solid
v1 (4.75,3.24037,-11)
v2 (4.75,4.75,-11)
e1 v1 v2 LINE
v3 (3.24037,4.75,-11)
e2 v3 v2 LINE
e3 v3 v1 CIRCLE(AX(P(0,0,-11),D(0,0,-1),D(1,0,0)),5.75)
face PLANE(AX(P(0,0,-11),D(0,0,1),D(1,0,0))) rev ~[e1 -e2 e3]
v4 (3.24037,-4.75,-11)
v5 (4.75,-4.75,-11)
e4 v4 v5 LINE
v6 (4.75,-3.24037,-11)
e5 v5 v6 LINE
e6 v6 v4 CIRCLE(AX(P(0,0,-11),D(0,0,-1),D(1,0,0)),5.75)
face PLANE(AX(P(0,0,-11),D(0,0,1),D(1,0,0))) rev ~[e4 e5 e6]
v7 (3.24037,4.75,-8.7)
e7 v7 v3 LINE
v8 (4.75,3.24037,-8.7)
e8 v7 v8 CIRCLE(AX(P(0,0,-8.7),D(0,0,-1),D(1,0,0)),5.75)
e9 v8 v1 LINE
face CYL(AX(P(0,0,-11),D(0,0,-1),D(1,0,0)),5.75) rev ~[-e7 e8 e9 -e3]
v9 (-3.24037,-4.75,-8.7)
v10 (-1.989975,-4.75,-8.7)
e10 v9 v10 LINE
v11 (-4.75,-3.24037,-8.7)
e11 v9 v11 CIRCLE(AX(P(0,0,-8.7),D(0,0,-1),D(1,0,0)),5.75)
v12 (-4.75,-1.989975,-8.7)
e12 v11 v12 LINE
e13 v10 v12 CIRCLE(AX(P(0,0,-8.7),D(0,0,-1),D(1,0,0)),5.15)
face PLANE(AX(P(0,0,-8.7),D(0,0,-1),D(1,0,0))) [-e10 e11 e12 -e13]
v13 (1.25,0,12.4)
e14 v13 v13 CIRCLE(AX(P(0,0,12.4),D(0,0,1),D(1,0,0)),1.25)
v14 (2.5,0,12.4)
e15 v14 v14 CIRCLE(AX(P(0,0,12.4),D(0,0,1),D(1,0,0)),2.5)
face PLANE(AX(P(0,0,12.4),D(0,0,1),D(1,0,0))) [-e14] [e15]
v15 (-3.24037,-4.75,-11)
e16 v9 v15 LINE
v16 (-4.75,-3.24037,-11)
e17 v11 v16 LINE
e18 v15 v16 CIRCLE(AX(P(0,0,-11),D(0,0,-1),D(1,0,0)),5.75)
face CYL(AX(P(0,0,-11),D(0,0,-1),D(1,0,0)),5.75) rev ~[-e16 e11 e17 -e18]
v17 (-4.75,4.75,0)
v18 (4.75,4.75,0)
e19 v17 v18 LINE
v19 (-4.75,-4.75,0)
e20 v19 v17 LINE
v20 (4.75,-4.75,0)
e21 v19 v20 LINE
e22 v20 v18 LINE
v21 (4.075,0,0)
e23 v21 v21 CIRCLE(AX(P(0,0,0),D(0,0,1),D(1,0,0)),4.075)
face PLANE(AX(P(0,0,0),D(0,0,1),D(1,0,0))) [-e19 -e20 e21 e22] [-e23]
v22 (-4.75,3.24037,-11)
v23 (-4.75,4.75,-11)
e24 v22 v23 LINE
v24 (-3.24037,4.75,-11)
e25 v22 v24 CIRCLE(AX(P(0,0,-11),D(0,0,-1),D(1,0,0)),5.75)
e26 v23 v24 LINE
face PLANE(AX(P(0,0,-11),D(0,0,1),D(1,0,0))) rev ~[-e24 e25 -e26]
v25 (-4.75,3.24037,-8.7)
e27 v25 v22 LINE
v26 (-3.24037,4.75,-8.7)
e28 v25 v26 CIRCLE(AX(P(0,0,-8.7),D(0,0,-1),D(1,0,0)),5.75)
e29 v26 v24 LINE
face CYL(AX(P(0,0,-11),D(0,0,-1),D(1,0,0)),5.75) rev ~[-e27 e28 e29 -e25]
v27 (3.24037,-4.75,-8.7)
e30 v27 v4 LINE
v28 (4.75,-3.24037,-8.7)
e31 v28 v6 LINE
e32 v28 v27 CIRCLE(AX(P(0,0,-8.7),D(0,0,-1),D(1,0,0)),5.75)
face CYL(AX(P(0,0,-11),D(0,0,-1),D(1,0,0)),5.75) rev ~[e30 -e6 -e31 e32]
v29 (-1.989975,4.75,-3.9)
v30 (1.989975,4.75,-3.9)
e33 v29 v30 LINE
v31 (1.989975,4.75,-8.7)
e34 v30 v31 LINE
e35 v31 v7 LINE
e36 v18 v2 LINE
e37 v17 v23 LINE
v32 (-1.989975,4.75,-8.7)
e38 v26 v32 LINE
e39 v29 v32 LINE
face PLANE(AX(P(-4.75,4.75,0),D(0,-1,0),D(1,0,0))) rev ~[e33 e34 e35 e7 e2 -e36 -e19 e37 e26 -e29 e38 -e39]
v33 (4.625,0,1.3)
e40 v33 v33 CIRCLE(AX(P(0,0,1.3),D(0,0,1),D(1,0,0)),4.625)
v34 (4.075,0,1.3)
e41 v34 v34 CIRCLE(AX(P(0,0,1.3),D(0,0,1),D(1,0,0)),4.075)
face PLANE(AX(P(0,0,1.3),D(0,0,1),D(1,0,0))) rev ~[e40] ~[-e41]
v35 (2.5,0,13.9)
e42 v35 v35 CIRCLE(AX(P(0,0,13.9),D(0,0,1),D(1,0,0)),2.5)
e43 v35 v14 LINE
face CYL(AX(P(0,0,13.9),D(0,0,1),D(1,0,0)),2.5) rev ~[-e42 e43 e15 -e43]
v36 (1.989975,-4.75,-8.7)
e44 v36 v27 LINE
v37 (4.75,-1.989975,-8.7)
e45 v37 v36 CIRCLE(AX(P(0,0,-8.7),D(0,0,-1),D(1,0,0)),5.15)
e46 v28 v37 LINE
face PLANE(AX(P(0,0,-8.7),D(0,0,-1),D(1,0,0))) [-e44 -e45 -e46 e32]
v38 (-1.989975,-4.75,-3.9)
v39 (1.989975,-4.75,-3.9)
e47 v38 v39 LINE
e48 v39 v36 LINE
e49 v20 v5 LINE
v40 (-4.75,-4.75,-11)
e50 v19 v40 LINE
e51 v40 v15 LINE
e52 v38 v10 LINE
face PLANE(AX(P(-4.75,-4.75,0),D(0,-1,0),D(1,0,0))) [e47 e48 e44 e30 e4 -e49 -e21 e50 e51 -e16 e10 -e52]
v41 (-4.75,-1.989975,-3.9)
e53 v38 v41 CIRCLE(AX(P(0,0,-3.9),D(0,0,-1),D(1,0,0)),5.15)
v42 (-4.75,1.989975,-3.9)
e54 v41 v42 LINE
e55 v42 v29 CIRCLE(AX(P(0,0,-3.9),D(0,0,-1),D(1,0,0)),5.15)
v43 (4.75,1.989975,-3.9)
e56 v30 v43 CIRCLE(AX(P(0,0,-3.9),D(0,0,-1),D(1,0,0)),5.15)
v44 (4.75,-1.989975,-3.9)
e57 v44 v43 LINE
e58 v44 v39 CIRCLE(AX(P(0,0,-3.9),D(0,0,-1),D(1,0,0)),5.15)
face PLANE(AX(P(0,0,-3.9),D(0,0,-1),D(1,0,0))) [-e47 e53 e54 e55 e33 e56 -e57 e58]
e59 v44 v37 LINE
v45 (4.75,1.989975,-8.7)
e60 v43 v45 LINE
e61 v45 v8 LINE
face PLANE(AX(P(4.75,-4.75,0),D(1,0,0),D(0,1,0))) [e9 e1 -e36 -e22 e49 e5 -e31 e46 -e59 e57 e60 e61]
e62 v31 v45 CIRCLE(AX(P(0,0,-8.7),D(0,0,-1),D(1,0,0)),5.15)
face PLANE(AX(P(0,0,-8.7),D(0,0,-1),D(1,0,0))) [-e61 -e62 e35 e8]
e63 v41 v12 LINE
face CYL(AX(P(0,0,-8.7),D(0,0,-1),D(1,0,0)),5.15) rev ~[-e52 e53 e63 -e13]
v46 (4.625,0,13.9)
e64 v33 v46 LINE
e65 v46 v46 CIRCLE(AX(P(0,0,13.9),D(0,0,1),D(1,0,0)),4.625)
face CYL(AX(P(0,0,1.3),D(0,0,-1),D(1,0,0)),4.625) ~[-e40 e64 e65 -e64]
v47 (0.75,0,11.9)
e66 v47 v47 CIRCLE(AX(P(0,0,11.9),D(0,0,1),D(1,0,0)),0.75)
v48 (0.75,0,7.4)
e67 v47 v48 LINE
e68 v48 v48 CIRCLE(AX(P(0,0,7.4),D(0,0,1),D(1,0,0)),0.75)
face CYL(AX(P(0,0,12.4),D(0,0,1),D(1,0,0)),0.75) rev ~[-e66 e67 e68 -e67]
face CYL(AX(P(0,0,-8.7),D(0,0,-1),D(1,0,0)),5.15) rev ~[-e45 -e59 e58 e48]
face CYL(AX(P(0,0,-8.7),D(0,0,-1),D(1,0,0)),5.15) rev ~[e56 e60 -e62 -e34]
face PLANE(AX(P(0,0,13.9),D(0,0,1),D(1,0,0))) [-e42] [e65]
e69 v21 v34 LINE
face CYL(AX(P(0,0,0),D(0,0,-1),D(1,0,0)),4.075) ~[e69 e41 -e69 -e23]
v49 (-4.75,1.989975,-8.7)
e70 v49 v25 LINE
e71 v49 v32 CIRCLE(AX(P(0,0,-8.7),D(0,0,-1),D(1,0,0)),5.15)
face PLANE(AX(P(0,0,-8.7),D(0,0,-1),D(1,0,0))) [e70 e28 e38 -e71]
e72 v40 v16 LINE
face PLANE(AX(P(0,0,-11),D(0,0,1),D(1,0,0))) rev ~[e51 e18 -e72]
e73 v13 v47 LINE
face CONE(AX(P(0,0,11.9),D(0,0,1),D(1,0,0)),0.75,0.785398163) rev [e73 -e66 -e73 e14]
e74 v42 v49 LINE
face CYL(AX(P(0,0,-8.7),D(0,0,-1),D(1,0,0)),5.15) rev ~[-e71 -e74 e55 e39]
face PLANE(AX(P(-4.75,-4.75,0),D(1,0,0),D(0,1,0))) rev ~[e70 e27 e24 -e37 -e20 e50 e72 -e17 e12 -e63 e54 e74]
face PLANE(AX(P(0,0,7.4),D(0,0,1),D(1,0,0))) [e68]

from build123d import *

# Parameters (mm, degrees)
SKETCH_W        = 9.5
SKETCH_H        = 9.5
PAD_DEPTH       = 11
SKETCH001_R     = 4.075
PAD001_DEPTH    = 1.3
SKETCH002_R     = 4.625
PAD002_DEPTH    = 12.6
SKETCH003_R     = 2.5
POCKET_DEPTH    = 1.5
SKETCH004_R     = 0.75
POCKET001_DEPTH = 5
SKETCH005_R     = 5.75
POCKET002_DEPTH = 2.3
SKETCH006_R     = 5.15
POCKET003_DEPTH = 4.8
CHAMFER_SIZE    = 0.5


with BuildPart() as part:
    # Sketch → Pad (new body)
    with BuildSketch(Plane.XY):
        Rectangle(SKETCH_W, SKETCH_H)
    extrude(amount=-PAD_DEPTH)

    # Sketch001 (on Face5 of Pad) → Pad001 (join)
    with BuildSketch(Plane.XY):
        Circle(SKETCH001_R)
    extrude(amount=PAD001_DEPTH)

    # Sketch002 (on Face8 of Pad001) → Pad002 (join)
    with BuildSketch(Plane.XY.offset(1.3)):
        Circle(SKETCH002_R)
    extrude(amount=PAD002_DEPTH)

    # Sketch003 (on Face3 of Pad002) → Pocket (cut)
    with BuildSketch(Plane.XY.offset(13.9)):
        Circle(SKETCH003_R)
    extrude(amount=-POCKET_DEPTH, mode=Mode.SUBTRACT)

    # Sketch004 (on Face7 of Pocket) → Pocket001 (cut)
    with BuildSketch(Plane.XY.offset(12.4)):
        Circle(SKETCH004_R)
    extrude(amount=-POCKET001_DEPTH, mode=Mode.SUBTRACT)

    # Sketch005 (on Face13 of Pocket001) → Pocket002 (cut)
    with BuildSketch(Plane(origin=(0, 0, -11), x_dir=(1, 0, 0), z_dir=(0, 0, -1))):
        Circle(SKETCH005_R)
    extrude(amount=-POCKET002_DEPTH, mode=Mode.SUBTRACT)

    # Sketch006 (on Face15 of Pocket002) → Pocket003 (cut)
    with BuildSketch(Plane(origin=(0, 0, -8.7), x_dir=(1, 0, 0), z_dir=(0, 0, -1))):
        Circle(SKETCH006_R)
    extrude(amount=-POCKET003_DEPTH, mode=Mode.SUBTRACT)

    # Chamfer
    chamfer_edges = [part.edges().sort_by_distance(p)[0] for p in [
        (-0.75, 0, 12.4),
    ]]
    chamfer(chamfer_edges, length=CHAMFER_SIZE)


solid = part.part
